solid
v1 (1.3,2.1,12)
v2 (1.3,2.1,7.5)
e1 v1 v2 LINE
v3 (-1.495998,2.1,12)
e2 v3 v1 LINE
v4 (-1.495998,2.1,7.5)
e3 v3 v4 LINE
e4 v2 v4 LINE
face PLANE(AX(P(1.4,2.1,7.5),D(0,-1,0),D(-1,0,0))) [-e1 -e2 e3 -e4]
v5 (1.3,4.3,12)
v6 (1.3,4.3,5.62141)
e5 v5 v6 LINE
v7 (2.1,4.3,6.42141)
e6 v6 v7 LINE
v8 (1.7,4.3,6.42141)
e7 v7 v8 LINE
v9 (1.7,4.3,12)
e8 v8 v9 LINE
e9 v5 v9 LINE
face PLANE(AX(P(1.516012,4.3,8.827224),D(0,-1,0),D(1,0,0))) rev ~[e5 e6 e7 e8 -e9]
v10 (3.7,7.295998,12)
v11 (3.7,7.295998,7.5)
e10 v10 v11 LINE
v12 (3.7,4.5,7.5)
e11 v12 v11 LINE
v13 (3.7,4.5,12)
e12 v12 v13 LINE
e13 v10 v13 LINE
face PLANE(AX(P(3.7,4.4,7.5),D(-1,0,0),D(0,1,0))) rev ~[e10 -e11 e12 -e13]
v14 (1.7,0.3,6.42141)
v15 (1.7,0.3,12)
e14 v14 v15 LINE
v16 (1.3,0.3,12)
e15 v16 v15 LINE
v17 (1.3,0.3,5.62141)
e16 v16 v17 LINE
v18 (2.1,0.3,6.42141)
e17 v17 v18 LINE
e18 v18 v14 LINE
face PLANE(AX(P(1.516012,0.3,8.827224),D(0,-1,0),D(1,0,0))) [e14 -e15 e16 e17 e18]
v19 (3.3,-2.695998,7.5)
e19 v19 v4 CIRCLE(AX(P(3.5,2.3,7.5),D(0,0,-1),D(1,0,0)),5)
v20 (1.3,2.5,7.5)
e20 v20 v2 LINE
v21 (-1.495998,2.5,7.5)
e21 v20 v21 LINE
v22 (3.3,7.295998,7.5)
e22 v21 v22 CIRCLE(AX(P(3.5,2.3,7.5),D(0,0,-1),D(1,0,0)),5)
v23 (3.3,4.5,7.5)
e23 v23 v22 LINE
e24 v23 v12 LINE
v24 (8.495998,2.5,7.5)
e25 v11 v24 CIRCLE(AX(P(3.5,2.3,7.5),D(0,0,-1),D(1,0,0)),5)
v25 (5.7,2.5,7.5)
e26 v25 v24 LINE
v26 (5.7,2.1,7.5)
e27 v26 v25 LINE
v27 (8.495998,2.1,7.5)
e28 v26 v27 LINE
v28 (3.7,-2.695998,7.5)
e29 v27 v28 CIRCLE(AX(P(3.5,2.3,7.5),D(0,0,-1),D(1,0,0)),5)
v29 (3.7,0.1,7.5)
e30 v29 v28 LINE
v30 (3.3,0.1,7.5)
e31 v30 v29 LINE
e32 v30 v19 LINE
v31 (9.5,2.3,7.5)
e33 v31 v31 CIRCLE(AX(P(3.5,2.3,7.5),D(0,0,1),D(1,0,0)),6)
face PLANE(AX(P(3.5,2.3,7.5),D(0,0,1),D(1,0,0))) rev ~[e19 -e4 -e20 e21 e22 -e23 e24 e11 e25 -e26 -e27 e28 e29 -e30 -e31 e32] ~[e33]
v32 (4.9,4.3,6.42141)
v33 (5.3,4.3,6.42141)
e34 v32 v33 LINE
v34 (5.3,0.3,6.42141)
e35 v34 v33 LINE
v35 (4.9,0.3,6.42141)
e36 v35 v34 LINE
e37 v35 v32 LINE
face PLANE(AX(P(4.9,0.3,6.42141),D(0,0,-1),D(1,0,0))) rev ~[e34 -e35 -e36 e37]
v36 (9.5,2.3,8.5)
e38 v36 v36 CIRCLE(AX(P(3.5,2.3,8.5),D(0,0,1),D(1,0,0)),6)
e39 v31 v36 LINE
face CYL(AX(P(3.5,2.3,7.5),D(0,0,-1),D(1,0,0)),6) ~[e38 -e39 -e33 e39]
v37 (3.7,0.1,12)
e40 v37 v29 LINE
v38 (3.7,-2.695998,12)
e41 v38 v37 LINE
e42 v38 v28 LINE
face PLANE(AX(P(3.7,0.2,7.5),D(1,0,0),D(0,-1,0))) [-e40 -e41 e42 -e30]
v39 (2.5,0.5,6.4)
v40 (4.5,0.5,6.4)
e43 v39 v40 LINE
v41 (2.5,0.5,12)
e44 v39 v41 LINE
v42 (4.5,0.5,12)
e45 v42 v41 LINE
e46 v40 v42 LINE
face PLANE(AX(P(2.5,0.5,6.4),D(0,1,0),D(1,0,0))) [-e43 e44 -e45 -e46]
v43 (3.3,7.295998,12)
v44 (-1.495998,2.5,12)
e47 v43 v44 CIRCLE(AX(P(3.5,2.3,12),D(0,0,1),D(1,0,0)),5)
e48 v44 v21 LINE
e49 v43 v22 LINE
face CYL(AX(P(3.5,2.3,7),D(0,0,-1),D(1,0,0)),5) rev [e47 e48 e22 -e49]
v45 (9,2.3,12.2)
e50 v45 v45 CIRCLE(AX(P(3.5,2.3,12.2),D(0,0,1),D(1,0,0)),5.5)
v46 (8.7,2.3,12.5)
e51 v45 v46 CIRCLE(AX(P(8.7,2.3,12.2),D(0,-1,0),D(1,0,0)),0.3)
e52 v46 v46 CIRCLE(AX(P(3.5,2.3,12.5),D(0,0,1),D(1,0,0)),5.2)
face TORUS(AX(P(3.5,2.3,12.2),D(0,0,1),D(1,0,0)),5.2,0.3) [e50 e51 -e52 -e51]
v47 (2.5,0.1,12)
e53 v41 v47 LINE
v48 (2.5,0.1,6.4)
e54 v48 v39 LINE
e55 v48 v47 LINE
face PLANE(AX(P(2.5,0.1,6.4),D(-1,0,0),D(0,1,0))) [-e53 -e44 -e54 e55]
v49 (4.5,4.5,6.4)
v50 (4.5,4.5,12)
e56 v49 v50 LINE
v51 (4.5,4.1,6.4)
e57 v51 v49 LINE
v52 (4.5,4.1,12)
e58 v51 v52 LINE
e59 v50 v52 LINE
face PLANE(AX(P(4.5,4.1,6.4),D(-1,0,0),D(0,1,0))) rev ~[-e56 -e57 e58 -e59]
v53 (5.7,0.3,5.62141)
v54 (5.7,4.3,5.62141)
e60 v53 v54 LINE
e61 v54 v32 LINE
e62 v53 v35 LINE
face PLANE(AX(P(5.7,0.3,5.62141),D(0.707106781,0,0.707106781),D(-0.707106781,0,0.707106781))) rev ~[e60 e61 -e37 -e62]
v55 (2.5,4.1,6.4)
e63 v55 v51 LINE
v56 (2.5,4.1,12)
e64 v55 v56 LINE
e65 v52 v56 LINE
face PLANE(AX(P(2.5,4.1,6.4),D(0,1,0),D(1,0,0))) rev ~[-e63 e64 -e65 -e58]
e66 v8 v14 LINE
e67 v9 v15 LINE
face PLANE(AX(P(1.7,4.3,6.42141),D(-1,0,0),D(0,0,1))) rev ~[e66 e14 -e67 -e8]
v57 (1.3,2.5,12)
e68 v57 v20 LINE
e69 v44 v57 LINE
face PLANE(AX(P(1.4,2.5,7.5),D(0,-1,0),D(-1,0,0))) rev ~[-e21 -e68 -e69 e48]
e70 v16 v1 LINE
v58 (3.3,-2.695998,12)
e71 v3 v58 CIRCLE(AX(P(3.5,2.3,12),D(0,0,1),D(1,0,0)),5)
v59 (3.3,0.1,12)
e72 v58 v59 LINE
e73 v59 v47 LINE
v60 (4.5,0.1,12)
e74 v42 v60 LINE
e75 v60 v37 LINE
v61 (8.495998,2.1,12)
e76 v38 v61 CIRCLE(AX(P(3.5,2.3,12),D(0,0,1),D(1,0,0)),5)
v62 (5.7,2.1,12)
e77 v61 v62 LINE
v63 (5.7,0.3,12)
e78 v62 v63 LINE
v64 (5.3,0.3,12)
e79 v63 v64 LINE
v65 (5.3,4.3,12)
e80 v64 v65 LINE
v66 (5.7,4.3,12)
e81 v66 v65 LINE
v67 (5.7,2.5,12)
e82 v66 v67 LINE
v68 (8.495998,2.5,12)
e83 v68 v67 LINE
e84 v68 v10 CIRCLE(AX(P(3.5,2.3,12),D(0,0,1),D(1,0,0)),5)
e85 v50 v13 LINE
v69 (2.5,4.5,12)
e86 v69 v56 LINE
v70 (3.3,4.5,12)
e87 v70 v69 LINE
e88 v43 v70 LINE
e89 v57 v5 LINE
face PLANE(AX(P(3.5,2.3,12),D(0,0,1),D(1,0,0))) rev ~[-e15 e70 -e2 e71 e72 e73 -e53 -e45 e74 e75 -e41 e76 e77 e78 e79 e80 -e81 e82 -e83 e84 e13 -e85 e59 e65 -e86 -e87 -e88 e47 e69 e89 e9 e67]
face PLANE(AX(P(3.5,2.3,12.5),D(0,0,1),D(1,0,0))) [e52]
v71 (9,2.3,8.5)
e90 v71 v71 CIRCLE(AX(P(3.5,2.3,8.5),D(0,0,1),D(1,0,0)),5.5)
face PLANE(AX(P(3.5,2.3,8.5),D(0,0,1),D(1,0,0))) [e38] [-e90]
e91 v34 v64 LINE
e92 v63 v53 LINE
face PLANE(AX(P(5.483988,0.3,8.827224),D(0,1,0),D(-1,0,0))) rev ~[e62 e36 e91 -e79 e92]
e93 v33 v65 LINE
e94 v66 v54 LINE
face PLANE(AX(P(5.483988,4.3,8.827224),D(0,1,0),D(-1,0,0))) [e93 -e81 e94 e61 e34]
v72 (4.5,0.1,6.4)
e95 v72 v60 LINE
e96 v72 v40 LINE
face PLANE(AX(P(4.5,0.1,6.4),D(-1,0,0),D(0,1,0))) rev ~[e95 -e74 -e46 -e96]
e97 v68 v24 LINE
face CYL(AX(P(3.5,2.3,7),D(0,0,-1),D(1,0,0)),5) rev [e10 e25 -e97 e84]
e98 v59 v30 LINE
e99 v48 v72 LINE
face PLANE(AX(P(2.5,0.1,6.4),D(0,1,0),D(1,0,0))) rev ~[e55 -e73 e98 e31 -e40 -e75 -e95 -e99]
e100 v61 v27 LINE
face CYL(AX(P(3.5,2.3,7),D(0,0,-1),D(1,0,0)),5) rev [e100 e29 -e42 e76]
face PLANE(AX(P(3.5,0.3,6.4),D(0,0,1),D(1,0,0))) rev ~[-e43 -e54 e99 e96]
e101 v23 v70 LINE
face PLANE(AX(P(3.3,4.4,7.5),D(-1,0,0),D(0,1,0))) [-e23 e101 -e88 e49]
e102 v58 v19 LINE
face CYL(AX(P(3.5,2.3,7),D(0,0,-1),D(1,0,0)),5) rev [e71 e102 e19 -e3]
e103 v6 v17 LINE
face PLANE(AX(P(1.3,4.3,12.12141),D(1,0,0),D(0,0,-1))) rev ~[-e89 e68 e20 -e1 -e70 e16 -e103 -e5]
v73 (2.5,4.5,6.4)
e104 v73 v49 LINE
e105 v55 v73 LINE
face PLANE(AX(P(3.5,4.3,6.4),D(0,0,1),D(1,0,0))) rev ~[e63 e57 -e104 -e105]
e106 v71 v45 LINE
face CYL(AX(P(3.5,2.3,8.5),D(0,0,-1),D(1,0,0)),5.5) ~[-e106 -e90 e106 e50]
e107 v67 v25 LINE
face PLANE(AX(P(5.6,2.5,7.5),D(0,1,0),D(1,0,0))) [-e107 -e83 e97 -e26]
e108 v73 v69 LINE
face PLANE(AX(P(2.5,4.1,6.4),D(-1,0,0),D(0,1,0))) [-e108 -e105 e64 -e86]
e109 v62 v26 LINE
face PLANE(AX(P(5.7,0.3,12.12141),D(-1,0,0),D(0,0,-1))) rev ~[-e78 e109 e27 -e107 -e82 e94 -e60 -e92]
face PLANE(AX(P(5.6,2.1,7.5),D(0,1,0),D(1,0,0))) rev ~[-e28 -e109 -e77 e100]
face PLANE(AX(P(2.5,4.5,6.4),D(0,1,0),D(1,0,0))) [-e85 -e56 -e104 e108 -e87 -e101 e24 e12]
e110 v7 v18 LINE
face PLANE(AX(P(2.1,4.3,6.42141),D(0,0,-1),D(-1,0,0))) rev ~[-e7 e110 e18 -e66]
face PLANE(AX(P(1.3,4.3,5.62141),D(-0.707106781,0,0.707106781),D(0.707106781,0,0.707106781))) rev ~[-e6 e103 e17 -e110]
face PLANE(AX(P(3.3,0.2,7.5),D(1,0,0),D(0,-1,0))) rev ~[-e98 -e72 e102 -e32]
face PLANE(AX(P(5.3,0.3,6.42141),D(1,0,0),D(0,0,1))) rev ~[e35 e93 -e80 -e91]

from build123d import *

# Parameters (mm, degrees)
PAD002_DEPTH      = 4
BOX013_W          = 2
BOX013_H          = 0.4
BOX013_DEPTH      = 5.7
PAD001_DEPTH      = 4
BOX022_W          = 2
BOX022_H          = 0.4
BOX022_DEPTH      = 5.7
BOX014_W          = 3
BOX014_H          = 0.4
BOX014_DEPTH      = 4.7
ARRAY001_COUNT    = 4
CYLINDER001_R     = 5
CYLINDER001_DEPTH = 5
CYLINDER002_R     = 6
CYLINDER002_DEPTH = 1
CYLINDER010_R     = 5.5
CYLINDER010_DEPTH = 4
FILLET006_R       = 0.3


with BuildPart() as pad002:
    # Sketch011 → Pad002 (new body)
    with BuildSketch(Plane(origin=(0.3, -2, 0), x_dir=(-1, 0, 0), z_dir=(0, 1, 0))):
        Polygon((-1.9, 4.62141), (-1.9, -1.87859), (-1.1, -1.07859), (-1.5, -1.07859), (-1.5, 4.62141), align=None)
    extrude(amount=PAD002_DEPTH)


with BuildPart() as cubo014:
    # Box013 → Box013 (new body)
    with BuildSketch(Plane(origin=(-1, -2.2, -1.1), x_dir=(1, 0, 0), z_dir=(0, 0, 1))):
        with Locations((1, 0.2)):
            Rectangle(BOX013_W, BOX013_H)
    extrude(amount=BOX013_DEPTH)


with BuildPart() as pad001:
    # Sketch007 → Pad001 (new body)
    with BuildSketch(Plane.XZ.offset(-2)):
        Polygon((-2.2, 4.62141), (-2.2, -1.87859), (-1.4, -1.07859), (-1.8, -1.07859), (-1.8, 4.62141), align=None)
    extrude(amount=PAD001_DEPTH)


with BuildPart() as cubo016:
    # Box022 → Box022 (new body)
    with BuildSketch(Plane(origin=(-1, 1.8, -1.1), x_dir=(1, 0, 0), z_dir=(0, 0, 1))):
        with Locations((1, 0.2)):
            Rectangle(BOX022_W, BOX022_H)
    extrude(amount=BOX022_DEPTH)


with BuildPart() as array001:
    # Box014 → Box014 (new body)
    with BuildSketch(Plane(origin=(2.1, -0.2, 0), x_dir=(1, 0, 0), z_dir=(0, 0, 1))):
        with Locations((1.5, 0.2)):
            Rectangle(BOX014_W, BOX014_H)
    extrude(amount=BOX014_DEPTH)

    # Array001: Array001 ×4 about axis
    array001_axis = Axis((0, 0, 0), (0, 0, 1))


with BuildPart() as array001_1:
    add(array001.part)
    for i in range(1, ARRAY001_COUNT):
        add(array001.part.rotate(array001_axis, i * 360 / ARRAY001_COUNT))


with BuildPart() as cilindro018:
    # Cylinder001 → Cylinder001 (new body)
    with BuildSketch(Plane.XY.offset(-0.5)):
        Circle(CYLINDER001_R)
    extrude(amount=CYLINDER001_DEPTH)


with BuildPart() as cilindro017:
    # Cylinder002 → Cylinder002 (new body)
    with BuildSketch(Plane.XY):
        Circle(CYLINDER002_R)
    extrude(amount=CYLINDER002_DEPTH)


with BuildPart() as tapon:
    # Cylinder010 → Cylinder010 (new body)
    with BuildSketch(Plane.XY.offset(1)):
        Circle(CYLINDER010_R)
    extrude(amount=CYLINDER010_DEPTH)

    # Fusion007: union Cilindro017
    add(cilindro017.part)

    # Cut007: cut Cilindro018
    add(cilindro018.part, mode=Mode.SUBTRACT)

    # Fillet006
    fillet006_edges = [tapon.edges().sort_by_distance(p)[0] for p in [
        (-5.5, 0, 5),
    ]]
    fillet(fillet006_edges, radius=FILLET006_R)

    # Fusion004: union Pad002, Cubo014, Pad001, Cubo016, Array001
    add(pad002.part)
    add(cubo014.part)
    add(pad001.part)
    add(cubo016.part)
    add(array001_1.part)


with BuildPart() as tapon_1:
    # Fusion004 placement: moved
    add(tapon.part.moved(Location((3.5, 2.3, 7.5))))


solid = tapon_1.part
